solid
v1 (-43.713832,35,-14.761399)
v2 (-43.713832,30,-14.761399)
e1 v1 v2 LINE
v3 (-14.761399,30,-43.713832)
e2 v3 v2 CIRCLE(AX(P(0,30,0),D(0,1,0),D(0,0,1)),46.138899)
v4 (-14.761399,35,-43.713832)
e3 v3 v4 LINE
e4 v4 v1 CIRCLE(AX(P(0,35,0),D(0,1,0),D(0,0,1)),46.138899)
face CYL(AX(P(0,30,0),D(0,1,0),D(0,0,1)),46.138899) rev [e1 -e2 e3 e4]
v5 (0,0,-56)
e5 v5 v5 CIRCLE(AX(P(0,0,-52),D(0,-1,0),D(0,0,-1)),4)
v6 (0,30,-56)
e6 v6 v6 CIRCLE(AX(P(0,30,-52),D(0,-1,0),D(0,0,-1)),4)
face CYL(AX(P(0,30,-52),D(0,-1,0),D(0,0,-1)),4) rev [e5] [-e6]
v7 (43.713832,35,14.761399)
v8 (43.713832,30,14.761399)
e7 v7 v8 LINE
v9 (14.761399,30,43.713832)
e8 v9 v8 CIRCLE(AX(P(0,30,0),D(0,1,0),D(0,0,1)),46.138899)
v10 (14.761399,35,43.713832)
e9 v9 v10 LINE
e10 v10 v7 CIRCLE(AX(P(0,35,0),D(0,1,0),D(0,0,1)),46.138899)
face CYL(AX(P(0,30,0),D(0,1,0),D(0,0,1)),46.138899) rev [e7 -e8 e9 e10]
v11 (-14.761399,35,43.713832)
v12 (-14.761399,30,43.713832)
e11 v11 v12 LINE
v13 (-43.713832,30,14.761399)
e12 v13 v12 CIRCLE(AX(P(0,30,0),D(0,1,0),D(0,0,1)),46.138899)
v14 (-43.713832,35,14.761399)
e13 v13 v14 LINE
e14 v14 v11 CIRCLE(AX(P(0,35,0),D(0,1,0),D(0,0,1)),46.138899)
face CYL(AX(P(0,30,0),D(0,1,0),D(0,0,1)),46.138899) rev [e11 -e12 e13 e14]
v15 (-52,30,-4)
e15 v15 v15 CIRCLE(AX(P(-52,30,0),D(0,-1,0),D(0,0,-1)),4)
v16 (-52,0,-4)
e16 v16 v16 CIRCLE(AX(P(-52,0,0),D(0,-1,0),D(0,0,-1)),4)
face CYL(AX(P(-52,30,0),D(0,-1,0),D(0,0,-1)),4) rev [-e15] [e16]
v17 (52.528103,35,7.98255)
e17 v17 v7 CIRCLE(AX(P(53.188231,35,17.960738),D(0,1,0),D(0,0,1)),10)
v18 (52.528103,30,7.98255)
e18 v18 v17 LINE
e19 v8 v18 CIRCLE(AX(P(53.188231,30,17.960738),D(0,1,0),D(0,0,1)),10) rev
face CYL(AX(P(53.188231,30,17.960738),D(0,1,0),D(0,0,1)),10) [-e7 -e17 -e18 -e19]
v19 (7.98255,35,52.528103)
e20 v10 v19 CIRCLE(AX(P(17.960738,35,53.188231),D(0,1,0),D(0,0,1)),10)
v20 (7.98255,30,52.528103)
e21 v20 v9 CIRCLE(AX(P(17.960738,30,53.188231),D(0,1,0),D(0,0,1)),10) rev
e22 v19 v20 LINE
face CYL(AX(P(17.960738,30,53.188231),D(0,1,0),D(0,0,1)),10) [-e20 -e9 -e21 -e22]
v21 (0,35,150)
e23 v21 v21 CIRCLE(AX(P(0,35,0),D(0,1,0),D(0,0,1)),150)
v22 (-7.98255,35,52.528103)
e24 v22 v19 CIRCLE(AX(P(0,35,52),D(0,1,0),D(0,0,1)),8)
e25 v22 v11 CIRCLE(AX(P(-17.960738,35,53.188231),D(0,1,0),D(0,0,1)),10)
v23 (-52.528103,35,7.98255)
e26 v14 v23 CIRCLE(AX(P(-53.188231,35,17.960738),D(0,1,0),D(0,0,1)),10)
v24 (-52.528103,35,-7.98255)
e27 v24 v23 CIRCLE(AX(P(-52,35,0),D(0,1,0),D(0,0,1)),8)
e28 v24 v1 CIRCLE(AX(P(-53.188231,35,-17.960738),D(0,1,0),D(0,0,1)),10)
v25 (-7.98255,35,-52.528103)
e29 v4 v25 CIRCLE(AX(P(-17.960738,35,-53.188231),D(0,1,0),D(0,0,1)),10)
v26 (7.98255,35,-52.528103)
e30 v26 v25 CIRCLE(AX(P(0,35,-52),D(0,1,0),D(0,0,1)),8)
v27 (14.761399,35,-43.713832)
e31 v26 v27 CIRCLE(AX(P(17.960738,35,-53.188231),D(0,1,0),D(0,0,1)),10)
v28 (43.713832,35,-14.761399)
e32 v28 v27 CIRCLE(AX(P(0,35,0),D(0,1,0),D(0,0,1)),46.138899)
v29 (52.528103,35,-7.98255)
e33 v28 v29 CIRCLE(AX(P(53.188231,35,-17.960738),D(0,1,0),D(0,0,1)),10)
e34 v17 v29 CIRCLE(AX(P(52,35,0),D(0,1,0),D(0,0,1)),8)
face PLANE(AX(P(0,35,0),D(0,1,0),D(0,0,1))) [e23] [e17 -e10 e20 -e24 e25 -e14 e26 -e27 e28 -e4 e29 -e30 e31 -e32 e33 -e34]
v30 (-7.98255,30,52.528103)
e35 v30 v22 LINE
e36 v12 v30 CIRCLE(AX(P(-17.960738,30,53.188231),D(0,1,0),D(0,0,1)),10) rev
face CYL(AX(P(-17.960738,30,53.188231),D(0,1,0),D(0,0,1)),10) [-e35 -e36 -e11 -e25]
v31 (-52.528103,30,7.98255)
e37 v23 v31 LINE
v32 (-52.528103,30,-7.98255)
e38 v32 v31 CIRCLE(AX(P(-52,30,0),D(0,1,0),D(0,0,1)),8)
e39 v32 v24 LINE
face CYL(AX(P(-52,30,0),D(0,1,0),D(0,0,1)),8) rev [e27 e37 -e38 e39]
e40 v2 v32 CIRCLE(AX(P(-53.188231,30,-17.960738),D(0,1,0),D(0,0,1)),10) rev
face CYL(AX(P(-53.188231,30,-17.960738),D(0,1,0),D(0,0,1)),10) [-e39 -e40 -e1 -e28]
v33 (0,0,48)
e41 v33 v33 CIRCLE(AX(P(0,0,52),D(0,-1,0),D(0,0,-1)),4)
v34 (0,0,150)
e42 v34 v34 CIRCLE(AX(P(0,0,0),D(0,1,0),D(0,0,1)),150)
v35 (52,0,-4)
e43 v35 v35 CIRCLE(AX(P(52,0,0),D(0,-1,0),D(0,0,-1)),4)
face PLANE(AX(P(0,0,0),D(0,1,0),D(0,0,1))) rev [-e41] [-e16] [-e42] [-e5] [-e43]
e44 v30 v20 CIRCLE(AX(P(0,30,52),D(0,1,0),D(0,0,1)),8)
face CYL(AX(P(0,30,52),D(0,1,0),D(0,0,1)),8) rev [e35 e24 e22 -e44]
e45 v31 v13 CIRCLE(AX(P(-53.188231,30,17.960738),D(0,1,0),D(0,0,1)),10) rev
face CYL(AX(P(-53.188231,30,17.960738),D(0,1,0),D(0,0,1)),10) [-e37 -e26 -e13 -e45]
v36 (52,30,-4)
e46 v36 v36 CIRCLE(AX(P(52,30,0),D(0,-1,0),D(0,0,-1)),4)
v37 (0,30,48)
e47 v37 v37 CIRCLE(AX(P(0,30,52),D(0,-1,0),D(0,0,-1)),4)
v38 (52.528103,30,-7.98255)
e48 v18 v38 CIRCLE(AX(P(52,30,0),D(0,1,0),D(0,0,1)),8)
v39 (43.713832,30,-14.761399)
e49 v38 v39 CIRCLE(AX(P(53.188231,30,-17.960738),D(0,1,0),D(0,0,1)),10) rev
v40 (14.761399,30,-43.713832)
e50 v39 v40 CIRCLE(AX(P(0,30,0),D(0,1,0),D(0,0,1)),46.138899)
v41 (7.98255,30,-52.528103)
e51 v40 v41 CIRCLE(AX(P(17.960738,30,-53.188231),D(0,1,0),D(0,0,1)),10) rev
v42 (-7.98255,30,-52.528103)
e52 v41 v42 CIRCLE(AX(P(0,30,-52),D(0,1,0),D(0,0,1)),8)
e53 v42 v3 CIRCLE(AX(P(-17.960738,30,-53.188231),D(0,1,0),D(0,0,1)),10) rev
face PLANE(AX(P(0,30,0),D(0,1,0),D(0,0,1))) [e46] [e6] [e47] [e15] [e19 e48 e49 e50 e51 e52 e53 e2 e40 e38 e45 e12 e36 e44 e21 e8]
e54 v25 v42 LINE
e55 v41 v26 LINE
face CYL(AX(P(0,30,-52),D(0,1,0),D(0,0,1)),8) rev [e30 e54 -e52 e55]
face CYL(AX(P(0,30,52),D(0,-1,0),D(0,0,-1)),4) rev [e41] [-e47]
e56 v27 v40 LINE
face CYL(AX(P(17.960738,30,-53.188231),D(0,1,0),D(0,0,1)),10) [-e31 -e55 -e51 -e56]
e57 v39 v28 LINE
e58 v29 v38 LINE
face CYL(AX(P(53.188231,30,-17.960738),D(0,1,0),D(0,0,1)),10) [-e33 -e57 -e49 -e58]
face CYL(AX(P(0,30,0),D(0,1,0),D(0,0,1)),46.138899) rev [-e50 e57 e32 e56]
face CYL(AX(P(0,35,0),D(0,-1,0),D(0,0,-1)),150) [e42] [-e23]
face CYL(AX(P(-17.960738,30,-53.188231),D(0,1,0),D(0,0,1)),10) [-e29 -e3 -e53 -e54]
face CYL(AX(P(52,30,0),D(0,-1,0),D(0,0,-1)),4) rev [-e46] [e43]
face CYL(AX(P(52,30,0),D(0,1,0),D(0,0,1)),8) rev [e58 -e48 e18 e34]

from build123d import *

# Parameters (mm, degrees)
SKETCH1_R           = 150
BOSS_EXTRUDE1_DEPTH = 35
SKETCH2_R           = 4
CUT_EXTRUDE1_DEPTH  = 30
SKETCH3_R           = 8
SKETCH3_R_2         = 46.138899257
CUT_EXTRUDE2_DEPTH  = 5
FILLET1_R           = 10


with BuildPart() as part:
    # Sketch1 → Boss-Extrude1 (new body)
    with BuildSketch(Plane(origin=(0, 0, 0), x_dir=(1, 0, 0), z_dir=(0, 1, 0))):
        with Locations(Location((0, 0, 0), (0, 0, 270))):
            Circle(SKETCH1_R)
    extrude(amount=BOSS_EXTRUDE1_DEPTH)

    # Sketch2 → Cut-Extrude1 (cut)
    with BuildSketch(Plane.XZ):
        with Locations(Location((0, 52, 0), (0, 0, 270))):
            Circle(SKETCH2_R)
        with Locations(Location((-52, 0, 0), (0, 0, 270))):
            Circle(SKETCH2_R)
        with Locations(Location((52, 0, 0), (0, 0, 270))):
            Circle(SKETCH2_R)
        with Locations(Location((0, -52, 0), (0, 0, 270))):
            Circle(SKETCH2_R)
    extrude(amount=-CUT_EXTRUDE1_DEPTH, mode=Mode.SUBTRACT)

    # Sketch3 → Cut-Extrude2 (cut)
    with BuildSketch(Plane(origin=(0, 35, 0), x_dir=(1, 0, 0), z_dir=(0, 1, 0))):
        with BuildLine():
            ThreePointArc((-52, 8), (-60, 0), (-52, -8))
            ThreePointArc((-52, -8), (-48.606472063, -7.244581985), (-45.85382716, -5.120992035))
            ThreePointArc((-45.85382716, -5.120992035), (-46.138899257, 0), (-45.85382716, 5.120992035))
            ThreePointArc((-45.85382716, 5.120992035), (-48.606472063, 7.244581985), (-52, 8))
        make_face()
        with BuildLine():
            Line((-52, -8), (-45.440048687, -8))
            ThreePointArc((-45.440048687, -8), (-45.669630101, -6.563757396), (-45.85382716, -5.120992035))
            ThreePointArc((-45.85382716, -5.120992035), (-48.606472063, -7.244581985), (-52, -8))
        make_face()
        with BuildLine():
            Line((-45.440048687, 8), (-52, 8))
            ThreePointArc((-52, 8), (-48.606472063, 7.244581985), (-45.85382716, 5.120992035))
            ThreePointArc((-45.85382716, 5.120992035), (-45.669630101, 6.563757396), (-45.440048687, 8))
        make_face()
        with Locations((0, 52)):
            Circle(SKETCH3_R)
        Circle(SKETCH3_R_2)
        with Locations((-52, 0)):
            Circle(SKETCH3_R)
        with Locations((0, -52)):
            Circle(SKETCH3_R)
        with Locations((52, 0)):
            Circle(SKETCH3_R)
        with BuildLine():
            ThreePointArc((5.120992035, 45.85382716), (7.244581985, 48.606472063), (8, 52))
            ThreePointArc((8, 52), (0, 60), (-8, 52))
            ThreePointArc((-8, 52), (-7.244581985, 48.606472063), (-5.120992035, 45.85382716))
            ThreePointArc((-5.120992035, 45.85382716), (0, 46.138899257), (5.120992035, 45.85382716))
        make_face()
        with BuildLine():
            ThreePointArc((5.120992035, 45.85382716), (6.563757396, 45.669630101), (8, 45.440048687))
            Line((8, 45.440048687), (8, 52))
            ThreePointArc((8, 52), (7.244581985, 48.606472063), (5.120992035, 45.85382716))
        make_face()
        with BuildLine():
            ThreePointArc((-5.120992035, 45.85382716), (-7.244581985, 48.606472063), (-8, 52))
            Line((-8, 52), (-8, 45.440048687))
            ThreePointArc((-8, 45.440048687), (-6.563757396, 45.669630101), (-5.120992035, 45.85382716))
        make_face()
        with BuildLine():
            ThreePointArc((45.85382716, -5.120992035), (48.606472063, -7.244581985), (52, -8))
            ThreePointArc((52, -8), (57.656854249, -5.656854249), (60, 0))
            ThreePointArc((60, 0), (57.656854249, 5.656854249), (52, 8))
            ThreePointArc((52, 8), (48.606472063, 7.244581985), (45.85382716, 5.120992035))
            ThreePointArc((45.85382716, 5.120992035), (46.067576106, 2.564460252), (46.138899257, 0))
            ThreePointArc((46.138899257, 0), (46.067576106, -2.564460252), (45.85382716, -5.120992035))
        make_face()
        with BuildLine():
            Line((45.440048687, -8), (52, -8))
            ThreePointArc((52, -8), (48.606472063, -7.244581985), (45.85382716, -5.120992035))
            ThreePointArc((45.85382716, -5.120992035), (45.669630101, -6.563757396), (45.440048687, -8))
        make_face()
        with BuildLine():
            ThreePointArc((45.85382716, 5.120992035), (48.606472063, 7.244581985), (52, 8))
            Line((52, 8), (45.440048687, 8))
            ThreePointArc((45.440048687, 8), (45.669630101, 6.563757396), (45.85382716, 5.120992035))
        make_face()
        with BuildLine():
            ThreePointArc((-8, -52), (0, -60), (8, -52))
            ThreePointArc((8, -52), (7.244581985, -48.606472063), (5.120992035, -45.85382716))
            ThreePointArc((5.120992035, -45.85382716), (0, -46.138899257), (-5.120992035, -45.85382716))
            ThreePointArc((-5.120992035, -45.85382716), (-7.244581985, -48.606472063), (-8, -52))
        make_face()
        with BuildLine():
            Line((-8, -45.440048687), (-8, -52))
            ThreePointArc((-8, -52), (-7.244581985, -48.606472063), (-5.120992035, -45.85382716))
            ThreePointArc((-5.120992035, -45.85382716), (-6.563757396, -45.669630101), (-8, -45.440048687))
        make_face()
        with BuildLine():
            Line((8, -52), (8, -45.440048687))
            ThreePointArc((8, -45.440048687), (6.563757396, -45.669630101), (5.120992035, -45.85382716))
            ThreePointArc((5.120992035, -45.85382716), (7.244581985, -48.606472063), (8, -52))
        make_face()
    extrude(amount=-CUT_EXTRUDE2_DEPTH, mode=Mode.SUBTRACT)

    # Fillet1
    fillet1_edges = [part.edges().sort_by_distance(p)[0] for p in [
        (-45.440048687, 32.5, 8),
        (-8, 32.5, 45.440048687),
        (8, 32.5, 45.440048687),
        (45.440048687, 32.5, 8),
        (45.440048687, 32.5, -8),
        (8, 32.5, -45.440048687),
        (-8, 32.5, -45.440048687),
        (-45.440048687, 32.5, -8),
    ]]
    fillet(fillet1_edges, radius=FILLET1_R)


solid = part.part
